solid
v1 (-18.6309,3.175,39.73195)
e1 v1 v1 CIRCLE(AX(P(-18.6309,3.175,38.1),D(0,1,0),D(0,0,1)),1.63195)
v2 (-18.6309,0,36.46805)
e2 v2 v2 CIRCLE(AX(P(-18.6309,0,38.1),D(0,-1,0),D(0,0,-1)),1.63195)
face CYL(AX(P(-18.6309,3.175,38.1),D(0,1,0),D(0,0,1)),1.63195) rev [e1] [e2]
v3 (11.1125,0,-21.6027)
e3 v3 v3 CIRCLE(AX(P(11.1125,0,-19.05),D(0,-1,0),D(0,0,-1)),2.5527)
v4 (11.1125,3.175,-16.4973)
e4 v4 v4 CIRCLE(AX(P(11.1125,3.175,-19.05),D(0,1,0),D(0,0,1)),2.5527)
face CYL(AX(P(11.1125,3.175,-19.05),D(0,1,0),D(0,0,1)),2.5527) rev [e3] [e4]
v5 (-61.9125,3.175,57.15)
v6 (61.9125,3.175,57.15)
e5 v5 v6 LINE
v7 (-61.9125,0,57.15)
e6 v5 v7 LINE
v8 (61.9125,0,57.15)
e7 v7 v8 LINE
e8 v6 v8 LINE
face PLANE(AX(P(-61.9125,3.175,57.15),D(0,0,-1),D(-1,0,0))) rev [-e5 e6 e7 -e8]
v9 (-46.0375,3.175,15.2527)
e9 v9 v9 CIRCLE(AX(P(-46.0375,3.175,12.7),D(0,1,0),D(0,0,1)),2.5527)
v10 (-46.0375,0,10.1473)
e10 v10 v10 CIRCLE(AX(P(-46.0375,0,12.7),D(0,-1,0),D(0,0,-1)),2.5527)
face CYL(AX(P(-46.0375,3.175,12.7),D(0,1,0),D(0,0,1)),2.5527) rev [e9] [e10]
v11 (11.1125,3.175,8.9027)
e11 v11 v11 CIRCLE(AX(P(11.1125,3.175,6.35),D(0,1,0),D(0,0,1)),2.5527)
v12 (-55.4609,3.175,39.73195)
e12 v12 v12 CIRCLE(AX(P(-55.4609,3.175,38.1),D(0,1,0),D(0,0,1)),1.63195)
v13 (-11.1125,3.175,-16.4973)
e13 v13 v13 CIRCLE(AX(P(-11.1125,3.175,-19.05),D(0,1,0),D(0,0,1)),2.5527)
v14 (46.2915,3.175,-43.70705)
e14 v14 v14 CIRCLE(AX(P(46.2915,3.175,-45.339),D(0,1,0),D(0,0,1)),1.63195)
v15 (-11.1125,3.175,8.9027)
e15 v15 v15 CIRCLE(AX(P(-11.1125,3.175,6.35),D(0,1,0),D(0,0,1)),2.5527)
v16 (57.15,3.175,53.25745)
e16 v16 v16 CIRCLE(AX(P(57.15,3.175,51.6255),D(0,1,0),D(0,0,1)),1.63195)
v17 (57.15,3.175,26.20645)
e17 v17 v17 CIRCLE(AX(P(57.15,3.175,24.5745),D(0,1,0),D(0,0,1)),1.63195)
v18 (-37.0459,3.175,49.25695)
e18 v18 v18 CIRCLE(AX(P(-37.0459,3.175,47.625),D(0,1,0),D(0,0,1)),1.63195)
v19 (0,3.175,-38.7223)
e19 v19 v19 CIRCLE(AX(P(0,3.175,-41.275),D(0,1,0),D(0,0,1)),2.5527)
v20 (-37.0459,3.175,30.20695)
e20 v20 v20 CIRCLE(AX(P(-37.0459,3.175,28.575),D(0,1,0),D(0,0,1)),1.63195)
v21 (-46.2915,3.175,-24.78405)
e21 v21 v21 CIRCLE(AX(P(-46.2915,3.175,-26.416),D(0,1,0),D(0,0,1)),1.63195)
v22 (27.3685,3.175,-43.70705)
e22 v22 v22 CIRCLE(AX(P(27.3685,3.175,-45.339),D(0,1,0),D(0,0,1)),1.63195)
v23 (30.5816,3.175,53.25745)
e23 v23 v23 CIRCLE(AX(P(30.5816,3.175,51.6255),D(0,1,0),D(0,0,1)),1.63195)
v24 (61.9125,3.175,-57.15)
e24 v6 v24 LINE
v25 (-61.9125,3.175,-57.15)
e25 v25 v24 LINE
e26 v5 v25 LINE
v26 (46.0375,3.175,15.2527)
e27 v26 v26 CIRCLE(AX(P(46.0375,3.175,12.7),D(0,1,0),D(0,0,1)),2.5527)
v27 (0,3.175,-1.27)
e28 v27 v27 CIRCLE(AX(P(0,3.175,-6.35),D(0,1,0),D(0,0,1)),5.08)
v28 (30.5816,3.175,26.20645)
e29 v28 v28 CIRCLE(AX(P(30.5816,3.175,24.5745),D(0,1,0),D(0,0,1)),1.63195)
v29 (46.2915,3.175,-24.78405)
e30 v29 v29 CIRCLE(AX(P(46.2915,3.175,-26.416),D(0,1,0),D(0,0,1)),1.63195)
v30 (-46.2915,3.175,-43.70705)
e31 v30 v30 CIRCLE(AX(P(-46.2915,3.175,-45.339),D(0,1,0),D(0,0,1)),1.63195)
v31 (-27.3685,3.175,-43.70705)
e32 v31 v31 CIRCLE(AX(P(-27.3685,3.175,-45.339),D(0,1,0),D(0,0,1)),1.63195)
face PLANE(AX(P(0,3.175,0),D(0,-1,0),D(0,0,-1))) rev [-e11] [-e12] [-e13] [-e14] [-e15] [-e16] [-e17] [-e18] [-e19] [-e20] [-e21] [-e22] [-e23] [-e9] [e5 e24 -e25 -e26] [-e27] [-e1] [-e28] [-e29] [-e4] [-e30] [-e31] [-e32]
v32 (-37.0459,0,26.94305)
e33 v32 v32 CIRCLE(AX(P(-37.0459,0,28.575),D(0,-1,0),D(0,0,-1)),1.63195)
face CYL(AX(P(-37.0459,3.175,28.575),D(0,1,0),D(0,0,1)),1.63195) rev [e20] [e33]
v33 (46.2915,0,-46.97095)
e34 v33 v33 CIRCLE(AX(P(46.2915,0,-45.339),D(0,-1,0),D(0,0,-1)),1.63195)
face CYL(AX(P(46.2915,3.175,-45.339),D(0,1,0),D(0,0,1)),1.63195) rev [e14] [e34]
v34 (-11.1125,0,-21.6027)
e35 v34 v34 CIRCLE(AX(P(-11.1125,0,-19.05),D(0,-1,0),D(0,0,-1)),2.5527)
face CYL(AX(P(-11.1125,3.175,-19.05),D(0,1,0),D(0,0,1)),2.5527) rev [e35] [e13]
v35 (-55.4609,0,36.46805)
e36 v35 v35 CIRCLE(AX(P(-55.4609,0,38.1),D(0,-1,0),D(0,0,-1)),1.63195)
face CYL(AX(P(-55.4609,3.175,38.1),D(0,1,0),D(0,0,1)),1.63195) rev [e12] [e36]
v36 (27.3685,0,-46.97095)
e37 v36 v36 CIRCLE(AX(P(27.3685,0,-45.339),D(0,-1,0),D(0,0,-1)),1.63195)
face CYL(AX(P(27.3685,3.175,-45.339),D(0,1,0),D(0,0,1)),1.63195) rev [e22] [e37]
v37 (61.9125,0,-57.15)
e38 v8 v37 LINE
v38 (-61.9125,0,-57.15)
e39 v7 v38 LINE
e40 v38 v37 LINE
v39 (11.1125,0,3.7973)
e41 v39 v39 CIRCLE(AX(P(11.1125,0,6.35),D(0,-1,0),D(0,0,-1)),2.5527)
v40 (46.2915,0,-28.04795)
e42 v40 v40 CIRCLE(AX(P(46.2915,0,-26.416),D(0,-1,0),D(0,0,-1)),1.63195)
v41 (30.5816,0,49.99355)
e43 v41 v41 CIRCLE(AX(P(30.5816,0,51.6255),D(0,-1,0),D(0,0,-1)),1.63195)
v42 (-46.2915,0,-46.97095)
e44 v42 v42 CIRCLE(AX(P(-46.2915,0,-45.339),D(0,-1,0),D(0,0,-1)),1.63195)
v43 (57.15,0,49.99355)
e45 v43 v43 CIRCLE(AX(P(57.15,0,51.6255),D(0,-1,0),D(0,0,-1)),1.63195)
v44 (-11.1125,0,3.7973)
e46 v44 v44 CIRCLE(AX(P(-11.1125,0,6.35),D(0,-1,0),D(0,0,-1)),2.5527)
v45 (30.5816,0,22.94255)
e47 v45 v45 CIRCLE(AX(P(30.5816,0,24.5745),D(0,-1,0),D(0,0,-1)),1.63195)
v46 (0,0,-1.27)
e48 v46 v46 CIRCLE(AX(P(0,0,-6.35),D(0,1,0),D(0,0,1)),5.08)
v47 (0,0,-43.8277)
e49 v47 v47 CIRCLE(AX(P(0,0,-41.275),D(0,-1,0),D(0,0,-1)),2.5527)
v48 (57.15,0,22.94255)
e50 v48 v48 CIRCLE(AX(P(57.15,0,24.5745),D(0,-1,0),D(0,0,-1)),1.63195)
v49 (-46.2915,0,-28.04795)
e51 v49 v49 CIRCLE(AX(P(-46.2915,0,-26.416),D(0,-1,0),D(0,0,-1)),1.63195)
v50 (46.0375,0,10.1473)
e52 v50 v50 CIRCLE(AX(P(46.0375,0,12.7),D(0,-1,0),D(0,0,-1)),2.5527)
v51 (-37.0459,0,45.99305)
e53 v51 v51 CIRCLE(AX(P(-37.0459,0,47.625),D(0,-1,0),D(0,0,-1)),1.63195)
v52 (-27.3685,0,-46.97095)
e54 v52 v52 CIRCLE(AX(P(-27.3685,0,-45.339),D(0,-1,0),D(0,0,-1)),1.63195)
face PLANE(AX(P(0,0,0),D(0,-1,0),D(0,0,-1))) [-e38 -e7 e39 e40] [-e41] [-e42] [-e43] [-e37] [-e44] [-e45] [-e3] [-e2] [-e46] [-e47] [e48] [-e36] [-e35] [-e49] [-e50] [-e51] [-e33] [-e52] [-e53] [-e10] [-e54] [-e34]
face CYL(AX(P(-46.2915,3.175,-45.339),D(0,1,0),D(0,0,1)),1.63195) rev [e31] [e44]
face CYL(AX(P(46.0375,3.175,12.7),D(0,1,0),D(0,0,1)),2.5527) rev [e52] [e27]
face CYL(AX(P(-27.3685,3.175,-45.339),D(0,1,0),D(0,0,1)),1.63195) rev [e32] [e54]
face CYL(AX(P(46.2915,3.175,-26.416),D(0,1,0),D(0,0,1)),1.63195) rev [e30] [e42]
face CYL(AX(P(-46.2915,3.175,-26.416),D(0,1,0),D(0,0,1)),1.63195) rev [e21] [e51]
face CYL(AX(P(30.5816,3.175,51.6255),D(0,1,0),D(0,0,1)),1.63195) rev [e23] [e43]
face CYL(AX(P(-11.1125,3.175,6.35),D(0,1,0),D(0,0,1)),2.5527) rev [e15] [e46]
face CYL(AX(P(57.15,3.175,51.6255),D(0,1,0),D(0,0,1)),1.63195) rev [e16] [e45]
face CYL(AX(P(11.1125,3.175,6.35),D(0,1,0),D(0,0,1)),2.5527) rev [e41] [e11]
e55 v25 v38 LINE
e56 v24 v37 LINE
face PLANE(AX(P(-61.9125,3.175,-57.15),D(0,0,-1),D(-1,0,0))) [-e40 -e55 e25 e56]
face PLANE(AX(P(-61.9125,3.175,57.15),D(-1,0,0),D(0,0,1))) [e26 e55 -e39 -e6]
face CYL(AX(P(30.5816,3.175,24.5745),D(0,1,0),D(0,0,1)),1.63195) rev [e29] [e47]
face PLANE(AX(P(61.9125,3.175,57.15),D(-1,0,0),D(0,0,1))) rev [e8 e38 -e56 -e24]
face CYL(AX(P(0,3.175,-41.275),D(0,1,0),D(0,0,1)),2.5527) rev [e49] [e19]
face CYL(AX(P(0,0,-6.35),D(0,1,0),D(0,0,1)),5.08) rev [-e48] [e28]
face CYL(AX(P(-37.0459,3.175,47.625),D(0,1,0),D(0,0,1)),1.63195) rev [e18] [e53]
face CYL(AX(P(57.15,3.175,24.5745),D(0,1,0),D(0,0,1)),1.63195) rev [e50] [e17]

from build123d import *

# Parameters (mm, degrees)
SKETCH1_W                                     = 123.825
SKETCH1_H                                     = 114.3
PLATE_DEPTH                                   = 3.175
SKETCH2_R                                     = 5.08
FORCE_SENSOR_POST_HOLE_DEPTH                  = 85.317025453
GEARBOX_MOUNT_HOLES_4_CLEARANCE_D             = 3.2639
BEARING_MOUNT_HOLES_4_CLEARANCE_D             = 3.2639
BEARING_MOUNT_HOLES_4_CLEARANCE_DEPTH         = 7.62
BEARING_MOUNT_HOLES_4_CLEARANCE_TIP           = 0.980574487
FORCE_SENSOR_FOUNDATION_HOLES_10_CLEARA_D     = 5.1054
FORCE_SENSOR_FOUNDATION_HOLES_10_CLEARA_DEPTH = 7.62
FORCE_SENSOR_FOUNDATION_HOLES_10_CLEARA_TIP   = 1.533816902
BALL_CASTER_MOUNT_HOLES_4_CLEARANCE_D         = 3.2639
TOP_PLATE_GUIDE_HOLES_10_CLEARANCE_D          = 5.1054


with BuildPart() as part:
    # Sketch1 → Plate (new body)
    with BuildSketch(Plane(origin=(0, 0, 0), x_dir=(1, 0, 0), z_dir=(0, 1, 0))):
        Rectangle(SKETCH1_W, SKETCH1_H)
    extrude(amount=PLATE_DEPTH)

    # Sketch2 → Force Sensor Post Hole (cut, through all)
    with BuildSketch(Plane(origin=(0, 3.175, 0), x_dir=(1, 0, 0), z_dir=(0, 1, 0))):
        with Locations(Location((0, 6.35, 0), (0, 0, 270))):
            Circle(SKETCH2_R)
    extrude(amount=-FORCE_SENSOR_POST_HOLE_DEPTH, mode=Mode.SUBTRACT)

    # Gearbox Mount Holes (#4 clearance) (through all)
    with Locations(Plane(origin=(0, 3.175, 0), x_dir=(1, 0, 0), z_dir=(0, 1, 0))):
        with Locations((-55.4609, -38.1), (-37.0459, -28.575), (-18.6309, -38.1), (-37.0459, -47.625)):
            Hole(GEARBOX_MOUNT_HOLES_4_CLEARANCE_D / 2)

    # Bearing Mount Holes (#4 clearance)
    with Locations(Plane(origin=(0, 3.175, 0), x_dir=(1, 0, 0), z_dir=(0, 1, 0))):
        with Locations((57.15, -24.5745), (30.5816, -51.6255), (30.5816, -24.5745), (57.15, -51.6255)):
            Hole(BEARING_MOUNT_HOLES_4_CLEARANCE_D / 2, depth=BEARING_MOUNT_HOLES_4_CLEARANCE_DEPTH)
            with Locations((0, 0, -(BEARING_MOUNT_HOLES_4_CLEARANCE_DEPTH + BEARING_MOUNT_HOLES_4_CLEARANCE_TIP / 2))):  # 118° drill point
                Cone(0, BEARING_MOUNT_HOLES_4_CLEARANCE_D / 2, BEARING_MOUNT_HOLES_4_CLEARANCE_TIP, mode=Mode.SUBTRACT)

    # Force Sensor Foundation Holes (#10 clearance)
    with Locations(Plane(origin=(0, 3.175, 0), x_dir=(1, 0, 0), z_dir=(0, 1, 0))):
        with Locations((-11.1125, -6.35), (11.1125, 19.05), (-11.1125, 19.05), (11.1125, -6.35), (0, 6.35)):
            Hole(FORCE_SENSOR_FOUNDATION_HOLES_10_CLEARA_D / 2, depth=FORCE_SENSOR_FOUNDATION_HOLES_10_CLEARA_DEPTH)
            with Locations((0, 0, -(FORCE_SENSOR_FOUNDATION_HOLES_10_CLEARA_DEPTH + FORCE_SENSOR_FOUNDATION_HOLES_10_CLEARA_TIP / 2))):  # 118° drill point
                Cone(0, FORCE_SENSOR_FOUNDATION_HOLES_10_CLEARA_D / 2, FORCE_SENSOR_FOUNDATION_HOLES_10_CLEARA_TIP, mode=Mode.SUBTRACT)

    # Ball Caster Mount Holes (#4 clearance) (through all)
    with Locations(Plane(origin=(0, 3.175, 0), x_dir=(1, 0, 0), z_dir=(0, 1, 0))):
        with Locations((-46.2915, 45.339), (-46.2915, 26.416), (-27.3685, 45.339), (46.2915, 45.339), (46.2915, 26.416), (27.3685, 45.339)):
            Hole(BALL_CASTER_MOUNT_HOLES_4_CLEARANCE_D / 2)

    # Top Plate Guide Holes (#10 clearance) (through all)
    with Locations(Plane(origin=(0, 3.175, 0), x_dir=(1, 0, 0), z_dir=(0, 1, 0))):
        with Locations((-46.0375, -12.7), (46.0375, -12.7), (0, 41.275)):
            Hole(TOP_PLATE_GUIDE_HOLES_10_CLEARANCE_D / 2)


solid = part.part
